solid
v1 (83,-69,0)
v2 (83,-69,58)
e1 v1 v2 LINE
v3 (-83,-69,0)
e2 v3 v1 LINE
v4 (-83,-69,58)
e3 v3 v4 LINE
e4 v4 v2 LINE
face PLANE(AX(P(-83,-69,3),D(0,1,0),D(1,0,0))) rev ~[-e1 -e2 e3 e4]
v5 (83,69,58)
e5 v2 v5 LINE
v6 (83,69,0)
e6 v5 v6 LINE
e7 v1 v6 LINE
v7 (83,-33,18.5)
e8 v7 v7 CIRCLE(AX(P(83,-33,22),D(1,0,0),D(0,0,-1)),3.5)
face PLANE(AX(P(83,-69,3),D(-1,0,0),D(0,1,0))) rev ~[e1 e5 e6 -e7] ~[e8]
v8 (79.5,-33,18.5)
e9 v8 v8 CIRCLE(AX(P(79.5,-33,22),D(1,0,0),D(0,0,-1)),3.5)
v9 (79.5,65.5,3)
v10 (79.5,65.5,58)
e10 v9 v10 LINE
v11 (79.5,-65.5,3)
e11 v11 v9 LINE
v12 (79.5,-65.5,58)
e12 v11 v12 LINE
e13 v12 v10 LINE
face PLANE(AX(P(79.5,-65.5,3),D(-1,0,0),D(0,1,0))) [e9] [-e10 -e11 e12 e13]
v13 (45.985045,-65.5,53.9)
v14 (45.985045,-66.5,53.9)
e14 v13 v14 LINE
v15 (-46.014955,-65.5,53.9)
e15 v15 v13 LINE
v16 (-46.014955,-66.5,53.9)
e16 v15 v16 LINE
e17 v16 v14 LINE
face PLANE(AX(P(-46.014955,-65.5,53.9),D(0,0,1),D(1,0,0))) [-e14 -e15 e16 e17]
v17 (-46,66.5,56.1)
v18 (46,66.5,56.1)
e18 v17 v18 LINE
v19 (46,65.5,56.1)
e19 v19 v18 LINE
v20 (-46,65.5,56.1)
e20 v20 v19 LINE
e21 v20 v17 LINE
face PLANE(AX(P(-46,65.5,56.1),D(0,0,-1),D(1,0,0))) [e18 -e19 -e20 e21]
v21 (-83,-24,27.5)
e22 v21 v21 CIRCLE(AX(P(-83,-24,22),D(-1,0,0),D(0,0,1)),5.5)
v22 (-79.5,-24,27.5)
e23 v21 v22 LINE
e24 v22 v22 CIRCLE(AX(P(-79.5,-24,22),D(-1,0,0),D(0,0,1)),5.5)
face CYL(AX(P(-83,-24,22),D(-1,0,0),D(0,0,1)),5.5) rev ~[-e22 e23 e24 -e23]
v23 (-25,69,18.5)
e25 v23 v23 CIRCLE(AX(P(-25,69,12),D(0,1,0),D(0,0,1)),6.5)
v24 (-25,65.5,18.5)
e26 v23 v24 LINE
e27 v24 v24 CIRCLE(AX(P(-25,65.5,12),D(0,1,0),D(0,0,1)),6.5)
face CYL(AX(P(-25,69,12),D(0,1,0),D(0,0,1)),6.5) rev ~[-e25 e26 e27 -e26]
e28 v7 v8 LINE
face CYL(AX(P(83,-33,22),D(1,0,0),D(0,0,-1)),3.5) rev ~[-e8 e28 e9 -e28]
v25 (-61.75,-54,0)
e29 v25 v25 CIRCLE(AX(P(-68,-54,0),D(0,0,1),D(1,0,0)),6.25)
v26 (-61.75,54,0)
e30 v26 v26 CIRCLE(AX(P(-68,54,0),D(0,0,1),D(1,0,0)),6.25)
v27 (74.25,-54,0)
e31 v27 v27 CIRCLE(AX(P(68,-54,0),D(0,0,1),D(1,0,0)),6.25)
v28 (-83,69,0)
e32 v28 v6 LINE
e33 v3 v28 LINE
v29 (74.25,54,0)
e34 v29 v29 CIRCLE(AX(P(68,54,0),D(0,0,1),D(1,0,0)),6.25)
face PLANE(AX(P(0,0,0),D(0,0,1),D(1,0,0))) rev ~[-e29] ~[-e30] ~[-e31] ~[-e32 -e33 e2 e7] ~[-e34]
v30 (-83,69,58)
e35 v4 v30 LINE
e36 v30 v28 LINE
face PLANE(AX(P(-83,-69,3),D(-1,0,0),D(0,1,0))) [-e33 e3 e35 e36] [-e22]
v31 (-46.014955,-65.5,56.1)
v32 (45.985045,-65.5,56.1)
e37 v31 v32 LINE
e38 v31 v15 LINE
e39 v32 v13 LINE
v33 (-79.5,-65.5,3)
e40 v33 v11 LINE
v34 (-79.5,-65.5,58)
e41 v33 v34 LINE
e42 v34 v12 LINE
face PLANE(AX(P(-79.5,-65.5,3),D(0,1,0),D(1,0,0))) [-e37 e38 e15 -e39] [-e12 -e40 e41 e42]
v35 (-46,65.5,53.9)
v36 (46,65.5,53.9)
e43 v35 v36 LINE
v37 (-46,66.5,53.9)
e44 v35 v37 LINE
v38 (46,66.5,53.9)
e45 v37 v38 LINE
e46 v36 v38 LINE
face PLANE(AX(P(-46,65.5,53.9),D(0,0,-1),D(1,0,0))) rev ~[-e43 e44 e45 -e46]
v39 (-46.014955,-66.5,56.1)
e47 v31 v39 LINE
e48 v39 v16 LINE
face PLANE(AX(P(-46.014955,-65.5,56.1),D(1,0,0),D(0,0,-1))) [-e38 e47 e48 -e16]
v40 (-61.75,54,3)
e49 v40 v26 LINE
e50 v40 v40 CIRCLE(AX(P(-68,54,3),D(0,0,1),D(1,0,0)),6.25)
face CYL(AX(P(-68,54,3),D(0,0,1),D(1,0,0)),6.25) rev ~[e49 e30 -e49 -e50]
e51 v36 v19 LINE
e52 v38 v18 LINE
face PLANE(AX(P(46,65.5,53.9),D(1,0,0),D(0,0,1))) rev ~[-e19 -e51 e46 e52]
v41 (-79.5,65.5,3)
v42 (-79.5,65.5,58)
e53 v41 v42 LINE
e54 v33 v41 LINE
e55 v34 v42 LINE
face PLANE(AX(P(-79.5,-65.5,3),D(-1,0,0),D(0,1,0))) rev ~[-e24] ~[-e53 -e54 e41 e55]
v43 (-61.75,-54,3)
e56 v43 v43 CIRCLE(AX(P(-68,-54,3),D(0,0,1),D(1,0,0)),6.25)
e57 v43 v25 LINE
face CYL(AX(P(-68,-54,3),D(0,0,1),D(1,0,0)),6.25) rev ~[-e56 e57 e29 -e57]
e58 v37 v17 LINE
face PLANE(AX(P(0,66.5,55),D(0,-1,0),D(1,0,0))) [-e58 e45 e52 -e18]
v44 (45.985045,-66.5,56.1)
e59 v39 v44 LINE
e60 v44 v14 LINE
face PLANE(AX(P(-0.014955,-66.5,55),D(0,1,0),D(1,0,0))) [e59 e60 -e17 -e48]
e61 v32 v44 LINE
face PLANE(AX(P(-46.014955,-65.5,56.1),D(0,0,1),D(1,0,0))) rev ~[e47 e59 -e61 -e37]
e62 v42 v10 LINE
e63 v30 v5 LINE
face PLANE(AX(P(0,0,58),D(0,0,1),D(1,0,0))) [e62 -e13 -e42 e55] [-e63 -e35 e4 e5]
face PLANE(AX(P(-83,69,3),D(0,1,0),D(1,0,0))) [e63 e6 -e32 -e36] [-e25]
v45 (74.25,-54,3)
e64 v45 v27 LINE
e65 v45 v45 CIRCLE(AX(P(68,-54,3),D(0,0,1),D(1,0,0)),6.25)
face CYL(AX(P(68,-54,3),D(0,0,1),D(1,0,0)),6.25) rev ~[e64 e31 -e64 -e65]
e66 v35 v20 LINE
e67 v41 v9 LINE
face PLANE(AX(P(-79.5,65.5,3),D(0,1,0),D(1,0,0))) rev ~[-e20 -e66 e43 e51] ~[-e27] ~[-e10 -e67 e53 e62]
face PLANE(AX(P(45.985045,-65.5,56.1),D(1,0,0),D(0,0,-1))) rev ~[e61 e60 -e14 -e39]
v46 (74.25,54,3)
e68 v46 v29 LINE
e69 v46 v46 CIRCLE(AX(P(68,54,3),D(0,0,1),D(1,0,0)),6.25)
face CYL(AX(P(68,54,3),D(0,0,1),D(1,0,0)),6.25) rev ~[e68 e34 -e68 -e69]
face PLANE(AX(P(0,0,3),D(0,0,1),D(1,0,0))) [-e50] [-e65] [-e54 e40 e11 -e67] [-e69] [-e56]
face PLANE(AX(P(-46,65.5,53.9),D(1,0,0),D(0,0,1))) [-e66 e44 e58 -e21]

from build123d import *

# Parameters (mm, degrees)
SKETCH_1_W          = 166
SKETCH_1_H          = 138
EXTRUDE_1_DEPTH     = 3
SKETCH_2_W          = 166
SKETCH_2_H          = 138
SKETCH_2_W_2        = 159
SKETCH_2_H_2        = 131
EXTRUDE_2_DEPTH     = 55
CUT_EXTRUDE_4_REACH = 123.14
SKETCH_3_R          = 6.25
SKETCH_4_W          = 92
SKETCH_4_H          = 2.2
CUT_EXTRUDE_5_DEPTH = 1
SKETCH_5_W          = 92
SKETCH_5_H          = 2.2
CUT_EXTRUDE_6_DEPTH = 1
SKETCH_6_R          = 6.5
CUT_EXTRUDE_7_DEPTH = 10
SKETCH_7_R          = 5.5
CUT_EXTRUDE_8_DEPTH = 10
SKETCH_8_R          = 3.5
CUT_EXTRUDE_9_DEPTH = 10


with BuildPart() as part:
    # 스케치1 → 보스-돌출1 (new body)
    with BuildSketch(Plane.XY):
        Rectangle(SKETCH_1_W, SKETCH_1_H)
    extrude(amount=EXTRUDE_1_DEPTH)

    # 스케치2 → 보스-돌출2 (add)
    with BuildSketch(Plane.XY.offset(3)):
        Rectangle(SKETCH_2_W, SKETCH_2_H)
        Rectangle(SKETCH_2_W_2, SKETCH_2_H_2, mode=Mode.SUBTRACT)
    extrude(amount=EXTRUDE_2_DEPTH)

    # 스케치3 → 컷-돌출4 (cut, up to next)
    with BuildSketch(Plane.XY.offset(3), mode=Mode.PRIVATE) as cut_extrude_4_sk1:
        with Locations((-68, 54)):
            Circle(SKETCH_3_R)
    cut_extrude_4_tool1 = extrude(cut_extrude_4_sk1.sketch, amount=-CUT_EXTRUDE_4_REACH, mode=Mode.PRIVATE) & part.part
    # 스케치3 → 컷-돌출4 (cut, up to next)
    with BuildSketch(Plane.XY.offset(3), mode=Mode.PRIVATE) as cut_extrude_4_sk2:
        with Locations((-68, -54)):
            Circle(SKETCH_3_R)
    cut_extrude_4_tool2 = extrude(cut_extrude_4_sk2.sketch, amount=-CUT_EXTRUDE_4_REACH, mode=Mode.PRIVATE) & part.part
    # 스케치3 → 컷-돌출4 (cut, up to next)
    with BuildSketch(Plane.XY.offset(3), mode=Mode.PRIVATE) as cut_extrude_4_sk3:
        with Locations((68, -54)):
            Circle(SKETCH_3_R)
    cut_extrude_4_tool3 = extrude(cut_extrude_4_sk3.sketch, amount=-CUT_EXTRUDE_4_REACH, mode=Mode.PRIVATE) & part.part
    # 스케치3 → 컷-돌출4 (cut, up to next)
    with BuildSketch(Plane.XY.offset(3), mode=Mode.PRIVATE) as cut_extrude_4_sk4:
        with Locations((68, 54)):
            Circle(SKETCH_3_R)
    cut_extrude_4_tool4 = extrude(cut_extrude_4_sk4.sketch, amount=-CUT_EXTRUDE_4_REACH, mode=Mode.PRIVATE) & part.part
    add(cut_extrude_4_tool1.solids().sort_by_distance((-68, 54, 3))[0], mode=Mode.SUBTRACT)
    add(cut_extrude_4_tool2.solids().sort_by_distance((-68, -54, 3))[0], mode=Mode.SUBTRACT)
    add(cut_extrude_4_tool3.solids().sort_by_distance((68, -54, 3))[0], mode=Mode.SUBTRACT)
    add(cut_extrude_4_tool4.solids().sort_by_distance((68, 54, 3))[0], mode=Mode.SUBTRACT)

    # 스케치4 → 컷-돌출5 (cut)
    with BuildSketch(Plane.XZ.offset(-65.5)):
        with Locations((0, 55)):
            Rectangle(SKETCH_4_W, SKETCH_4_H)
    extrude(amount=-CUT_EXTRUDE_5_DEPTH, mode=Mode.SUBTRACT)

    # 스케치5 → 컷-돌출6 (cut)
    with BuildSketch(Plane(origin=(0, -65.5, 0), x_dir=(1, 0, 0), z_dir=(0, 1, 0))):
        with Locations((-0.014955436, -55)):
            Rectangle(SKETCH_5_W, SKETCH_5_H)
    extrude(amount=-CUT_EXTRUDE_6_DEPTH, mode=Mode.SUBTRACT)

    # 스케치6 → 컷-돌출7 (cut)
    with BuildSketch(Plane(origin=(0, 69, 0), x_dir=(1, 0, 0), z_dir=(0, 1, 0))):
        with Locations(Location((-25, -12, 0), (0, 0, 270))):
            Circle(SKETCH_6_R)
    extrude(amount=-CUT_EXTRUDE_7_DEPTH, mode=Mode.SUBTRACT)

    # 스케치7 → 컷-돌출8 (cut)
    with BuildSketch(Plane.ZY.offset(83)):
        with Locations((22, -24)):
            Circle(SKETCH_7_R)
    extrude(amount=-CUT_EXTRUDE_8_DEPTH, mode=Mode.SUBTRACT)

    # 스케치8 → 컷-돌출9 (cut)
    with BuildSketch(Plane(origin=(83, 0, 0), x_dir=(0, 0, -1), z_dir=(1, 0, 0))):
        with Locations((-22, -33)):
            Circle(SKETCH_8_R)
    extrude(amount=-CUT_EXTRUDE_9_DEPTH, mode=Mode.SUBTRACT)


solid = part.part
